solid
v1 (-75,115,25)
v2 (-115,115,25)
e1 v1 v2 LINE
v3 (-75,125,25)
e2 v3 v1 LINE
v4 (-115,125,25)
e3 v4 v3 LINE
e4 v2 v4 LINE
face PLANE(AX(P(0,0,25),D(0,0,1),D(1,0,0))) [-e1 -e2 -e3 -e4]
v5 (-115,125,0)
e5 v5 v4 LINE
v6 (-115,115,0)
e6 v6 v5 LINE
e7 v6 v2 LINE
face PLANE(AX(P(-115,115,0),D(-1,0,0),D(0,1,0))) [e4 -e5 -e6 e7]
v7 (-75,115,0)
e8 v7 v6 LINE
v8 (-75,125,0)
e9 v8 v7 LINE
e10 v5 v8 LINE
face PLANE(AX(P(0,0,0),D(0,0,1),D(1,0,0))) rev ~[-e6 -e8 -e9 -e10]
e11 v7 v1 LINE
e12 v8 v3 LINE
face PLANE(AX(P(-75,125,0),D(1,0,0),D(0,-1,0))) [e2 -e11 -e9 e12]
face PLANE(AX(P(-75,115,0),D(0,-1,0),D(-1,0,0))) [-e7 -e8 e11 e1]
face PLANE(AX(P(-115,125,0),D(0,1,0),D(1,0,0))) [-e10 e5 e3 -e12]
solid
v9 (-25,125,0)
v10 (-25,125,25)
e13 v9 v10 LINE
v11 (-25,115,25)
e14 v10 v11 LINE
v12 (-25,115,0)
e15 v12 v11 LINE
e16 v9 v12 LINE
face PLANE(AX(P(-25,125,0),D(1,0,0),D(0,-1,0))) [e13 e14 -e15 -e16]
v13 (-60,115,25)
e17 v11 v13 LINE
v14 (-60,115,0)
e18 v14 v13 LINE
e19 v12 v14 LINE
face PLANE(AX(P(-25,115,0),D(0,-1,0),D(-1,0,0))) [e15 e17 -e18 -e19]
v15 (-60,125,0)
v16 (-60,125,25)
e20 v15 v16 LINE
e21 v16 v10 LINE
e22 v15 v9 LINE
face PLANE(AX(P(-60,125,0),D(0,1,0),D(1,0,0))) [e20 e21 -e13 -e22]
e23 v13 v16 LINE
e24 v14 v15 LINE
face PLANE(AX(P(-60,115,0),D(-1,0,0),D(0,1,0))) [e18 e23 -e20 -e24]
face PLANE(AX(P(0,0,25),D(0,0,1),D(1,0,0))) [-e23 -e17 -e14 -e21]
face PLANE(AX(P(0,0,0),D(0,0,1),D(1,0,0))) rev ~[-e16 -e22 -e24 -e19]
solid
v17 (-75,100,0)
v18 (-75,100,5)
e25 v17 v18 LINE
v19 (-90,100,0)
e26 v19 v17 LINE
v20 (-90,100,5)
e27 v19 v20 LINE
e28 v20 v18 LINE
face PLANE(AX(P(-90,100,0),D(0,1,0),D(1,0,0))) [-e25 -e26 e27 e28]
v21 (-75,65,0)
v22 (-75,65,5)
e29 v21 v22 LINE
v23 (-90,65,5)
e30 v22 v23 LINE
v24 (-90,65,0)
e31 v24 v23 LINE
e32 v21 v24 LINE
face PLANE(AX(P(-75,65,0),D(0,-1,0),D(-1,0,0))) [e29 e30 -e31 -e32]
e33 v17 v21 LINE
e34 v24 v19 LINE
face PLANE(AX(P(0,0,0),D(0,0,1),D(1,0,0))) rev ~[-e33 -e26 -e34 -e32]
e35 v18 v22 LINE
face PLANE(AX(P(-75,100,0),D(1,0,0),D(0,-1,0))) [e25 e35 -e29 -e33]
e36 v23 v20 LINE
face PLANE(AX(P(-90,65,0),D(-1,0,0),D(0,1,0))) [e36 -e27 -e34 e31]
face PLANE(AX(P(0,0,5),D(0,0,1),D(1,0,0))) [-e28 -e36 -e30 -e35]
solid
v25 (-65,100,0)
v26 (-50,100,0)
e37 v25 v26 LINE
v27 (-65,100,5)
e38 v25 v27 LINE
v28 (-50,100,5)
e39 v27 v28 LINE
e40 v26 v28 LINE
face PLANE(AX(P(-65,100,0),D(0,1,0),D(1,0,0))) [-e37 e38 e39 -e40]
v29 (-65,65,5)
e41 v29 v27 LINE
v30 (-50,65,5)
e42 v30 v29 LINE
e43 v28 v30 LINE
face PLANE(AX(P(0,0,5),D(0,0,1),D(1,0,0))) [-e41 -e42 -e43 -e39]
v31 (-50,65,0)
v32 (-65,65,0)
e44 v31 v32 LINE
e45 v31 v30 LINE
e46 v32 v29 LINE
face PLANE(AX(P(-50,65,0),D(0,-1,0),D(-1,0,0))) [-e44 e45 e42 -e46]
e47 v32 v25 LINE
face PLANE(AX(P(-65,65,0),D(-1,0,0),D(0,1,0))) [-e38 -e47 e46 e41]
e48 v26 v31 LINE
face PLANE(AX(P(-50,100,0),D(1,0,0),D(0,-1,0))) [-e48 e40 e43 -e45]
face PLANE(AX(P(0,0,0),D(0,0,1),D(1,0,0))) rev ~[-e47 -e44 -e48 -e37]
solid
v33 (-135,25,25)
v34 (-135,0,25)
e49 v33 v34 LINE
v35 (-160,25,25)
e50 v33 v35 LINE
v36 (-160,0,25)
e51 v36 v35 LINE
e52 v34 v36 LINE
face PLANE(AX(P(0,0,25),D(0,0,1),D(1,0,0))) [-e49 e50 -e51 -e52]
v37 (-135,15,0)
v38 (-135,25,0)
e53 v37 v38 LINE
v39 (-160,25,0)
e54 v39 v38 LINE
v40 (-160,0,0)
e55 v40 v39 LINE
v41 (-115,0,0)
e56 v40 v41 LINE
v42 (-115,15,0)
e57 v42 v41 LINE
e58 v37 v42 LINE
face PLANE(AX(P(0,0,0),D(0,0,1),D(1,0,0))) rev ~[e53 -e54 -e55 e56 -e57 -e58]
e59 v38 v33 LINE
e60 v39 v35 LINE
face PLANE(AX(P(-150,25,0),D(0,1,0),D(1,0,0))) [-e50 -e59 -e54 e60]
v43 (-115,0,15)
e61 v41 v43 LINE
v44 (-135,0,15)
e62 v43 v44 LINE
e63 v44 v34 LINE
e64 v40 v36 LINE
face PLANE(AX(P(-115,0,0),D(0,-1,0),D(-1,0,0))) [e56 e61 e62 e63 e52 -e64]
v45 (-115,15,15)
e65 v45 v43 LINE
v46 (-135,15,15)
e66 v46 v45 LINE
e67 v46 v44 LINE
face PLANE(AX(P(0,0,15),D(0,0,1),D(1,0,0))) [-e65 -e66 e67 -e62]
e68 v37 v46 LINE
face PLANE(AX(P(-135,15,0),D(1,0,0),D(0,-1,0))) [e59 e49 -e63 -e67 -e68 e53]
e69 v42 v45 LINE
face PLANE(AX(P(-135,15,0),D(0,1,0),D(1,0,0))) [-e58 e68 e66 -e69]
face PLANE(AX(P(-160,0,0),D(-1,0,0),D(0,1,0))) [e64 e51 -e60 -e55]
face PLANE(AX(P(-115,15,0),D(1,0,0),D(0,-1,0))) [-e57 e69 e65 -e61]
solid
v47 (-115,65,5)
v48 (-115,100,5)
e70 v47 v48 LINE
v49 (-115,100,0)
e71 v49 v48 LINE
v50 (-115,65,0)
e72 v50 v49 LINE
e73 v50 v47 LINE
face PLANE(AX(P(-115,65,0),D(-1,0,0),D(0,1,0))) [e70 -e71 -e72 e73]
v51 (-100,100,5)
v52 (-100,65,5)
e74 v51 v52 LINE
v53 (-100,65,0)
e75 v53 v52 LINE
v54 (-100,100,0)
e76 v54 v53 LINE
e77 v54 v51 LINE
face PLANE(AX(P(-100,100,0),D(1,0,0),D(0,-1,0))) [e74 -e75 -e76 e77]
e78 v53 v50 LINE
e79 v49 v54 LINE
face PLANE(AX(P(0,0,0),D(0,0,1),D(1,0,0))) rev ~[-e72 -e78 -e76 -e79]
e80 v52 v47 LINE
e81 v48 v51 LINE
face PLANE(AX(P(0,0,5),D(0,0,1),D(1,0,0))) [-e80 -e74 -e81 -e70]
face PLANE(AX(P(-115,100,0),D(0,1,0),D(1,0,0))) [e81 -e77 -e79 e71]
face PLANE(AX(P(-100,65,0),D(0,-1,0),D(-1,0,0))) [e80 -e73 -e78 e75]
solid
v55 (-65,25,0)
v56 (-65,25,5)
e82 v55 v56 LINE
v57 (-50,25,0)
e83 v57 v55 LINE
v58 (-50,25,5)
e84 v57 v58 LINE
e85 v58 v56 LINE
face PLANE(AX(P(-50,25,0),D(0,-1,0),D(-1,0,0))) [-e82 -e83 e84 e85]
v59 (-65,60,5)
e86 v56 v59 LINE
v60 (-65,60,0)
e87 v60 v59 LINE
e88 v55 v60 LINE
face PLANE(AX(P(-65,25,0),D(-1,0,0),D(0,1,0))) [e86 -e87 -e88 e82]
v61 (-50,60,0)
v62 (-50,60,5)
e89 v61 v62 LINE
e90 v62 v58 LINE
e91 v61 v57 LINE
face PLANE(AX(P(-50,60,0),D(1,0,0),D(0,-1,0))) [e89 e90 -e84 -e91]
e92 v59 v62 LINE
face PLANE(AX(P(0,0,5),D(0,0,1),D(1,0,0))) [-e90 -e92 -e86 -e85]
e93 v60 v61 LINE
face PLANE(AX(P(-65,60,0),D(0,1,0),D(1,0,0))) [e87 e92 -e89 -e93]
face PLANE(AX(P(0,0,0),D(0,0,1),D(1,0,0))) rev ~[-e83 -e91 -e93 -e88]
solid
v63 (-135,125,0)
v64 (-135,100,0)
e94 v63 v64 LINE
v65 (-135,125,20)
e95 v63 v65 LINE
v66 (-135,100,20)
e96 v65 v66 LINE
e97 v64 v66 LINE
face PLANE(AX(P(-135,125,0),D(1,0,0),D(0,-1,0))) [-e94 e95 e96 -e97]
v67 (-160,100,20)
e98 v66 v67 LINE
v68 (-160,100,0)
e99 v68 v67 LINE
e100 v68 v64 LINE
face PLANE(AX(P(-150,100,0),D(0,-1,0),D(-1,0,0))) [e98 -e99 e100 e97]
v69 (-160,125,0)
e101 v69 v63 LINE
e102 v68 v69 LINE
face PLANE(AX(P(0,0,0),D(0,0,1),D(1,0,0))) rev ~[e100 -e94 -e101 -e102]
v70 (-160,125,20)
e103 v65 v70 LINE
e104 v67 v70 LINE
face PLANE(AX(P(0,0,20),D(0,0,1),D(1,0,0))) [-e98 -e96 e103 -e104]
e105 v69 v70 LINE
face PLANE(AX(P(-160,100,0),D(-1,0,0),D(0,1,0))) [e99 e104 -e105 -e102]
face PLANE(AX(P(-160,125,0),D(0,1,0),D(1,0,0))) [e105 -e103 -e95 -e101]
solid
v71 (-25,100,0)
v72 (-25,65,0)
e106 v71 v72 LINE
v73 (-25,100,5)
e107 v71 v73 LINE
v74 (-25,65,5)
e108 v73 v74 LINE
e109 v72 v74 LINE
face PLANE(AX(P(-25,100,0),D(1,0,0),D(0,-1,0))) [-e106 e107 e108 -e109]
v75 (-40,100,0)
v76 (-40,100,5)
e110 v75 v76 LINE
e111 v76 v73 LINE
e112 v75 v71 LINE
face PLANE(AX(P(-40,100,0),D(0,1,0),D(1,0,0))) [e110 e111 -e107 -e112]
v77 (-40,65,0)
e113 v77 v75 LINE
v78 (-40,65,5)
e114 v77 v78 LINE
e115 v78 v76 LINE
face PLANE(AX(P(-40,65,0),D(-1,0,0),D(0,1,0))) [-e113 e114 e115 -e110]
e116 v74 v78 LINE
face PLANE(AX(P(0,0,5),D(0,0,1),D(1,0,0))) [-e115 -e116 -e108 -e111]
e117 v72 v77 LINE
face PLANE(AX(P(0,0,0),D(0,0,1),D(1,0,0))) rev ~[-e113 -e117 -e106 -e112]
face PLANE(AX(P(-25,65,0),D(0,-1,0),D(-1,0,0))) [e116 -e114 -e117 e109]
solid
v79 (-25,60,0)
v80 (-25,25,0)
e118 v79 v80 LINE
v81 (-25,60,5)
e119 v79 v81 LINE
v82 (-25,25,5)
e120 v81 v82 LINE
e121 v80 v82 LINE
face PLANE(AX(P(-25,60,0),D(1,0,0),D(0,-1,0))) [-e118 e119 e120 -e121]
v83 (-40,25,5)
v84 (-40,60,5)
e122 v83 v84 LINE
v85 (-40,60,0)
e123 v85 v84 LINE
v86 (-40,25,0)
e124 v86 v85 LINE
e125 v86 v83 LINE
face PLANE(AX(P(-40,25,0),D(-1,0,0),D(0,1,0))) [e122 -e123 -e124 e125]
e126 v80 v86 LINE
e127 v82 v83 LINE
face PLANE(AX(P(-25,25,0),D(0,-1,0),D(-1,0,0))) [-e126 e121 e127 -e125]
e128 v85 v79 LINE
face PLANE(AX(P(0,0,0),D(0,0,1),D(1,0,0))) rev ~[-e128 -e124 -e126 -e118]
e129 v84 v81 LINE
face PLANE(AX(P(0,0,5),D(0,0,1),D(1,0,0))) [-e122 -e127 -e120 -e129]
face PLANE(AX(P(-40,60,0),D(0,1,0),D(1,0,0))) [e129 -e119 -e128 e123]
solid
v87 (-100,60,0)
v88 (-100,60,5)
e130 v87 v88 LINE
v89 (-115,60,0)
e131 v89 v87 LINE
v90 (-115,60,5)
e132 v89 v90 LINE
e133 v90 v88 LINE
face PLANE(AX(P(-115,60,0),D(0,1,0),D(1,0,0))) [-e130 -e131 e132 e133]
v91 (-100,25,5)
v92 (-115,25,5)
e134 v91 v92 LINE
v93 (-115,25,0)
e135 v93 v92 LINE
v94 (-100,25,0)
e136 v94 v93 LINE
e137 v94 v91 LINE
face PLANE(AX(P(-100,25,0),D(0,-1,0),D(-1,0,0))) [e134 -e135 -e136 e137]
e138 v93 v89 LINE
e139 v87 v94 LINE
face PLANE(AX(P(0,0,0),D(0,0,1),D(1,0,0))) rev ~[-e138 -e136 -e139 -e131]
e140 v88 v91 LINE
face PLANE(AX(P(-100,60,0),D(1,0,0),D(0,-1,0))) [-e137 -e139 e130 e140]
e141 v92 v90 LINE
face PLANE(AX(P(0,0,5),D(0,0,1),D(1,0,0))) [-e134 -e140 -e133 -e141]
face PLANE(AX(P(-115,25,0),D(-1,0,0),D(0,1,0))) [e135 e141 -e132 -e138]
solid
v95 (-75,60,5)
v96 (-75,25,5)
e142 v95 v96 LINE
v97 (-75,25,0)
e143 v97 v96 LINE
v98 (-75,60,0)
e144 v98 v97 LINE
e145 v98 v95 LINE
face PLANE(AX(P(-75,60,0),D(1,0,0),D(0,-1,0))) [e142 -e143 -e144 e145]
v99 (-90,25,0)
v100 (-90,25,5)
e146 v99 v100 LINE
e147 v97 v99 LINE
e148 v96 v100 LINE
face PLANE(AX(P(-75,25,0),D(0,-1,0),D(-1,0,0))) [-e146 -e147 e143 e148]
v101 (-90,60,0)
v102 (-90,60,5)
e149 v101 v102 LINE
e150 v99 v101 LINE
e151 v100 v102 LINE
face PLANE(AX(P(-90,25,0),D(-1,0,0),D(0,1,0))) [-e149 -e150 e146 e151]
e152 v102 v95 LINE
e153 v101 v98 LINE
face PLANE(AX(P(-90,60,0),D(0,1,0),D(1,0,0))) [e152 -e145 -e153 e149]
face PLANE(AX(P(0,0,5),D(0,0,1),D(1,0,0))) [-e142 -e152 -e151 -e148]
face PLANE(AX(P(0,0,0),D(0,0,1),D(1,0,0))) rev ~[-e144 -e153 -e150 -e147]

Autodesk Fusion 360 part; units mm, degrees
sketch "Sketch1" plane through (0, 0, 0) normal (0, 0, 1) x (1, 0, 0)
  line L0 (0, 0) -> (-150, 0)
  line L1 (-150, 0) -> (-150, 125)
  line L2 (-150, 125) -> (0, 125)
  line L3 (0, 125) -> (0, 0)
  line L4 (-160, 25) -> (-135, 25)
  line L5 (-135, 25) -> (-135, 0)
  line L6 (-135, 0) -> (-160, 0)
  line L7 (-160, 0) -> (-160, 25)
  line L8 (-160, 125) -> (-135, 125)
  line L9 (-135, 125) -> (-135, 100)
  line L10 (-135, 100) -> (-160, 100)
  line L11 (-160, 100) -> (-160, 125)
  line L12 (-135, 15) -> (-115, 15)
  line L13 (-115, 15) -> (-115, 0)
  line L14 (-115, 0) -> (-135, 0)
  line L15 (-135, 0) -> (-135, 15)
  line L16 (-115, 125) -> (-75, 125)
  line L17 (-75, 125) -> (-75, 115)
  line L18 (-75, 115) -> (-115, 115)
  line L19 (-115, 115) -> (-115, 125)
  line L20 (-60, 125) -> (-25, 125)
  line L21 (-25, 125) -> (-25, 115)
  line L22 (-25, 115) -> (-60, 115)
  line L23 (-60, 115) -> (-60, 125)
  line L24 (-115, 100) -> (-100, 100)
  line L25 (-100, 100) -> (-100, 65)
  line L26 (-100, 65) -> (-115, 65)
  line L27 (-115, 65) -> (-115, 100)
  line L28 (-115, 60) -> (-100, 60)
  line L29 (-100, 60) -> (-100, 25)
  line L30 (-100, 25) -> (-115, 25)
  line L31 (-115, 25) -> (-115, 60)
  line L32 (-90, 100) -> (-75, 100)
  line L33 (-75, 100) -> (-75, 65)
  line L34 (-75, 65) -> (-90, 65)
  line L35 (-90, 65) -> (-90, 100)
  line L36 (-65, 100) -> (-50, 100)
  line L37 (-50, 100) -> (-50, 65)
  line L38 (-50, 65) -> (-65, 65)
  line L39 (-65, 65) -> (-65, 100)
  line L40 (-40, 100) -> (-25, 100)
  line L41 (-25, 100) -> (-25, 65)
  line L42 (-25, 65) -> (-40, 65)
  line L43 (-40, 65) -> (-40, 100)
  line L44 (-90, 60) -> (-75, 60)
  line L45 (-75, 60) -> (-75, 25)
  line L46 (-75, 25) -> (-90, 25)
  line L47 (-90, 25) -> (-90, 60)
  line L48 (-65, 60) -> (-50, 60)
  line L49 (-50, 60) -> (-50, 25)
  line L50 (-50, 25) -> (-65, 25)
  line L51 (-65, 25) -> (-65, 60)
  line L52 (-40, 60) -> (-25, 60)
  line L53 (-25, 60) -> (-25, 25)
  line L54 (-25, 25) -> (-40, 25)
  line L55 (-40, 25) -> (-40, 60)
extrude "Extrude1" add sketch "Sketch1" along normal blind 5 contours L24 L25 L26 L27 | L28 L29 L30 L31 | L32 L33 L34 L35 | L36 L37 L38 L39 | L40 L41 L42 L43 | L44 L45 L46 L47 | L48 L49 L50 L51 | L52 L53 L54 L55 makes body 1 at (-60, 88.3333, 0) makes body 2 at (-110, 88.3333, 0) makes body 3 at (-85, 88.3333, 0) makes body 4 at (-35, 48.3333, 0) makes body 5 at (-60, 48.3333, 0) makes body 6 at (-110, 48.3333, 0) makes body 7 at (-85, 48.3333, 0) makes body 8 at (-35, 88.3333, 0)
extrude "Extrude2" add sketch "Sketch1" along normal blind 25 separate body contours L2 L20 L21 L22 L23 | L2 L16 L17 L18 L19 makes body 9 at (-88.3333, 115, 8.3333) makes body 10 at (-36.6667, 115, 8.3333)
extrude "Extrude3" add sketch "Sketch1" along normal blind 25 separate body contours L0 L1 L4 L5 L6 L15 | L1 L4 L6 L7 makes body 11
extrude "Extrude4" add sketch "Sketch1" along normal blind 15 contours L0 L5 L12 L13 L14 L15 bodies 11
extrude "Extrude5" add sketch "Sketch1" along normal blind 20 separate body contours L1 L8 L10 L11 | L1 L2 L8 L9 L10 makes body 12
